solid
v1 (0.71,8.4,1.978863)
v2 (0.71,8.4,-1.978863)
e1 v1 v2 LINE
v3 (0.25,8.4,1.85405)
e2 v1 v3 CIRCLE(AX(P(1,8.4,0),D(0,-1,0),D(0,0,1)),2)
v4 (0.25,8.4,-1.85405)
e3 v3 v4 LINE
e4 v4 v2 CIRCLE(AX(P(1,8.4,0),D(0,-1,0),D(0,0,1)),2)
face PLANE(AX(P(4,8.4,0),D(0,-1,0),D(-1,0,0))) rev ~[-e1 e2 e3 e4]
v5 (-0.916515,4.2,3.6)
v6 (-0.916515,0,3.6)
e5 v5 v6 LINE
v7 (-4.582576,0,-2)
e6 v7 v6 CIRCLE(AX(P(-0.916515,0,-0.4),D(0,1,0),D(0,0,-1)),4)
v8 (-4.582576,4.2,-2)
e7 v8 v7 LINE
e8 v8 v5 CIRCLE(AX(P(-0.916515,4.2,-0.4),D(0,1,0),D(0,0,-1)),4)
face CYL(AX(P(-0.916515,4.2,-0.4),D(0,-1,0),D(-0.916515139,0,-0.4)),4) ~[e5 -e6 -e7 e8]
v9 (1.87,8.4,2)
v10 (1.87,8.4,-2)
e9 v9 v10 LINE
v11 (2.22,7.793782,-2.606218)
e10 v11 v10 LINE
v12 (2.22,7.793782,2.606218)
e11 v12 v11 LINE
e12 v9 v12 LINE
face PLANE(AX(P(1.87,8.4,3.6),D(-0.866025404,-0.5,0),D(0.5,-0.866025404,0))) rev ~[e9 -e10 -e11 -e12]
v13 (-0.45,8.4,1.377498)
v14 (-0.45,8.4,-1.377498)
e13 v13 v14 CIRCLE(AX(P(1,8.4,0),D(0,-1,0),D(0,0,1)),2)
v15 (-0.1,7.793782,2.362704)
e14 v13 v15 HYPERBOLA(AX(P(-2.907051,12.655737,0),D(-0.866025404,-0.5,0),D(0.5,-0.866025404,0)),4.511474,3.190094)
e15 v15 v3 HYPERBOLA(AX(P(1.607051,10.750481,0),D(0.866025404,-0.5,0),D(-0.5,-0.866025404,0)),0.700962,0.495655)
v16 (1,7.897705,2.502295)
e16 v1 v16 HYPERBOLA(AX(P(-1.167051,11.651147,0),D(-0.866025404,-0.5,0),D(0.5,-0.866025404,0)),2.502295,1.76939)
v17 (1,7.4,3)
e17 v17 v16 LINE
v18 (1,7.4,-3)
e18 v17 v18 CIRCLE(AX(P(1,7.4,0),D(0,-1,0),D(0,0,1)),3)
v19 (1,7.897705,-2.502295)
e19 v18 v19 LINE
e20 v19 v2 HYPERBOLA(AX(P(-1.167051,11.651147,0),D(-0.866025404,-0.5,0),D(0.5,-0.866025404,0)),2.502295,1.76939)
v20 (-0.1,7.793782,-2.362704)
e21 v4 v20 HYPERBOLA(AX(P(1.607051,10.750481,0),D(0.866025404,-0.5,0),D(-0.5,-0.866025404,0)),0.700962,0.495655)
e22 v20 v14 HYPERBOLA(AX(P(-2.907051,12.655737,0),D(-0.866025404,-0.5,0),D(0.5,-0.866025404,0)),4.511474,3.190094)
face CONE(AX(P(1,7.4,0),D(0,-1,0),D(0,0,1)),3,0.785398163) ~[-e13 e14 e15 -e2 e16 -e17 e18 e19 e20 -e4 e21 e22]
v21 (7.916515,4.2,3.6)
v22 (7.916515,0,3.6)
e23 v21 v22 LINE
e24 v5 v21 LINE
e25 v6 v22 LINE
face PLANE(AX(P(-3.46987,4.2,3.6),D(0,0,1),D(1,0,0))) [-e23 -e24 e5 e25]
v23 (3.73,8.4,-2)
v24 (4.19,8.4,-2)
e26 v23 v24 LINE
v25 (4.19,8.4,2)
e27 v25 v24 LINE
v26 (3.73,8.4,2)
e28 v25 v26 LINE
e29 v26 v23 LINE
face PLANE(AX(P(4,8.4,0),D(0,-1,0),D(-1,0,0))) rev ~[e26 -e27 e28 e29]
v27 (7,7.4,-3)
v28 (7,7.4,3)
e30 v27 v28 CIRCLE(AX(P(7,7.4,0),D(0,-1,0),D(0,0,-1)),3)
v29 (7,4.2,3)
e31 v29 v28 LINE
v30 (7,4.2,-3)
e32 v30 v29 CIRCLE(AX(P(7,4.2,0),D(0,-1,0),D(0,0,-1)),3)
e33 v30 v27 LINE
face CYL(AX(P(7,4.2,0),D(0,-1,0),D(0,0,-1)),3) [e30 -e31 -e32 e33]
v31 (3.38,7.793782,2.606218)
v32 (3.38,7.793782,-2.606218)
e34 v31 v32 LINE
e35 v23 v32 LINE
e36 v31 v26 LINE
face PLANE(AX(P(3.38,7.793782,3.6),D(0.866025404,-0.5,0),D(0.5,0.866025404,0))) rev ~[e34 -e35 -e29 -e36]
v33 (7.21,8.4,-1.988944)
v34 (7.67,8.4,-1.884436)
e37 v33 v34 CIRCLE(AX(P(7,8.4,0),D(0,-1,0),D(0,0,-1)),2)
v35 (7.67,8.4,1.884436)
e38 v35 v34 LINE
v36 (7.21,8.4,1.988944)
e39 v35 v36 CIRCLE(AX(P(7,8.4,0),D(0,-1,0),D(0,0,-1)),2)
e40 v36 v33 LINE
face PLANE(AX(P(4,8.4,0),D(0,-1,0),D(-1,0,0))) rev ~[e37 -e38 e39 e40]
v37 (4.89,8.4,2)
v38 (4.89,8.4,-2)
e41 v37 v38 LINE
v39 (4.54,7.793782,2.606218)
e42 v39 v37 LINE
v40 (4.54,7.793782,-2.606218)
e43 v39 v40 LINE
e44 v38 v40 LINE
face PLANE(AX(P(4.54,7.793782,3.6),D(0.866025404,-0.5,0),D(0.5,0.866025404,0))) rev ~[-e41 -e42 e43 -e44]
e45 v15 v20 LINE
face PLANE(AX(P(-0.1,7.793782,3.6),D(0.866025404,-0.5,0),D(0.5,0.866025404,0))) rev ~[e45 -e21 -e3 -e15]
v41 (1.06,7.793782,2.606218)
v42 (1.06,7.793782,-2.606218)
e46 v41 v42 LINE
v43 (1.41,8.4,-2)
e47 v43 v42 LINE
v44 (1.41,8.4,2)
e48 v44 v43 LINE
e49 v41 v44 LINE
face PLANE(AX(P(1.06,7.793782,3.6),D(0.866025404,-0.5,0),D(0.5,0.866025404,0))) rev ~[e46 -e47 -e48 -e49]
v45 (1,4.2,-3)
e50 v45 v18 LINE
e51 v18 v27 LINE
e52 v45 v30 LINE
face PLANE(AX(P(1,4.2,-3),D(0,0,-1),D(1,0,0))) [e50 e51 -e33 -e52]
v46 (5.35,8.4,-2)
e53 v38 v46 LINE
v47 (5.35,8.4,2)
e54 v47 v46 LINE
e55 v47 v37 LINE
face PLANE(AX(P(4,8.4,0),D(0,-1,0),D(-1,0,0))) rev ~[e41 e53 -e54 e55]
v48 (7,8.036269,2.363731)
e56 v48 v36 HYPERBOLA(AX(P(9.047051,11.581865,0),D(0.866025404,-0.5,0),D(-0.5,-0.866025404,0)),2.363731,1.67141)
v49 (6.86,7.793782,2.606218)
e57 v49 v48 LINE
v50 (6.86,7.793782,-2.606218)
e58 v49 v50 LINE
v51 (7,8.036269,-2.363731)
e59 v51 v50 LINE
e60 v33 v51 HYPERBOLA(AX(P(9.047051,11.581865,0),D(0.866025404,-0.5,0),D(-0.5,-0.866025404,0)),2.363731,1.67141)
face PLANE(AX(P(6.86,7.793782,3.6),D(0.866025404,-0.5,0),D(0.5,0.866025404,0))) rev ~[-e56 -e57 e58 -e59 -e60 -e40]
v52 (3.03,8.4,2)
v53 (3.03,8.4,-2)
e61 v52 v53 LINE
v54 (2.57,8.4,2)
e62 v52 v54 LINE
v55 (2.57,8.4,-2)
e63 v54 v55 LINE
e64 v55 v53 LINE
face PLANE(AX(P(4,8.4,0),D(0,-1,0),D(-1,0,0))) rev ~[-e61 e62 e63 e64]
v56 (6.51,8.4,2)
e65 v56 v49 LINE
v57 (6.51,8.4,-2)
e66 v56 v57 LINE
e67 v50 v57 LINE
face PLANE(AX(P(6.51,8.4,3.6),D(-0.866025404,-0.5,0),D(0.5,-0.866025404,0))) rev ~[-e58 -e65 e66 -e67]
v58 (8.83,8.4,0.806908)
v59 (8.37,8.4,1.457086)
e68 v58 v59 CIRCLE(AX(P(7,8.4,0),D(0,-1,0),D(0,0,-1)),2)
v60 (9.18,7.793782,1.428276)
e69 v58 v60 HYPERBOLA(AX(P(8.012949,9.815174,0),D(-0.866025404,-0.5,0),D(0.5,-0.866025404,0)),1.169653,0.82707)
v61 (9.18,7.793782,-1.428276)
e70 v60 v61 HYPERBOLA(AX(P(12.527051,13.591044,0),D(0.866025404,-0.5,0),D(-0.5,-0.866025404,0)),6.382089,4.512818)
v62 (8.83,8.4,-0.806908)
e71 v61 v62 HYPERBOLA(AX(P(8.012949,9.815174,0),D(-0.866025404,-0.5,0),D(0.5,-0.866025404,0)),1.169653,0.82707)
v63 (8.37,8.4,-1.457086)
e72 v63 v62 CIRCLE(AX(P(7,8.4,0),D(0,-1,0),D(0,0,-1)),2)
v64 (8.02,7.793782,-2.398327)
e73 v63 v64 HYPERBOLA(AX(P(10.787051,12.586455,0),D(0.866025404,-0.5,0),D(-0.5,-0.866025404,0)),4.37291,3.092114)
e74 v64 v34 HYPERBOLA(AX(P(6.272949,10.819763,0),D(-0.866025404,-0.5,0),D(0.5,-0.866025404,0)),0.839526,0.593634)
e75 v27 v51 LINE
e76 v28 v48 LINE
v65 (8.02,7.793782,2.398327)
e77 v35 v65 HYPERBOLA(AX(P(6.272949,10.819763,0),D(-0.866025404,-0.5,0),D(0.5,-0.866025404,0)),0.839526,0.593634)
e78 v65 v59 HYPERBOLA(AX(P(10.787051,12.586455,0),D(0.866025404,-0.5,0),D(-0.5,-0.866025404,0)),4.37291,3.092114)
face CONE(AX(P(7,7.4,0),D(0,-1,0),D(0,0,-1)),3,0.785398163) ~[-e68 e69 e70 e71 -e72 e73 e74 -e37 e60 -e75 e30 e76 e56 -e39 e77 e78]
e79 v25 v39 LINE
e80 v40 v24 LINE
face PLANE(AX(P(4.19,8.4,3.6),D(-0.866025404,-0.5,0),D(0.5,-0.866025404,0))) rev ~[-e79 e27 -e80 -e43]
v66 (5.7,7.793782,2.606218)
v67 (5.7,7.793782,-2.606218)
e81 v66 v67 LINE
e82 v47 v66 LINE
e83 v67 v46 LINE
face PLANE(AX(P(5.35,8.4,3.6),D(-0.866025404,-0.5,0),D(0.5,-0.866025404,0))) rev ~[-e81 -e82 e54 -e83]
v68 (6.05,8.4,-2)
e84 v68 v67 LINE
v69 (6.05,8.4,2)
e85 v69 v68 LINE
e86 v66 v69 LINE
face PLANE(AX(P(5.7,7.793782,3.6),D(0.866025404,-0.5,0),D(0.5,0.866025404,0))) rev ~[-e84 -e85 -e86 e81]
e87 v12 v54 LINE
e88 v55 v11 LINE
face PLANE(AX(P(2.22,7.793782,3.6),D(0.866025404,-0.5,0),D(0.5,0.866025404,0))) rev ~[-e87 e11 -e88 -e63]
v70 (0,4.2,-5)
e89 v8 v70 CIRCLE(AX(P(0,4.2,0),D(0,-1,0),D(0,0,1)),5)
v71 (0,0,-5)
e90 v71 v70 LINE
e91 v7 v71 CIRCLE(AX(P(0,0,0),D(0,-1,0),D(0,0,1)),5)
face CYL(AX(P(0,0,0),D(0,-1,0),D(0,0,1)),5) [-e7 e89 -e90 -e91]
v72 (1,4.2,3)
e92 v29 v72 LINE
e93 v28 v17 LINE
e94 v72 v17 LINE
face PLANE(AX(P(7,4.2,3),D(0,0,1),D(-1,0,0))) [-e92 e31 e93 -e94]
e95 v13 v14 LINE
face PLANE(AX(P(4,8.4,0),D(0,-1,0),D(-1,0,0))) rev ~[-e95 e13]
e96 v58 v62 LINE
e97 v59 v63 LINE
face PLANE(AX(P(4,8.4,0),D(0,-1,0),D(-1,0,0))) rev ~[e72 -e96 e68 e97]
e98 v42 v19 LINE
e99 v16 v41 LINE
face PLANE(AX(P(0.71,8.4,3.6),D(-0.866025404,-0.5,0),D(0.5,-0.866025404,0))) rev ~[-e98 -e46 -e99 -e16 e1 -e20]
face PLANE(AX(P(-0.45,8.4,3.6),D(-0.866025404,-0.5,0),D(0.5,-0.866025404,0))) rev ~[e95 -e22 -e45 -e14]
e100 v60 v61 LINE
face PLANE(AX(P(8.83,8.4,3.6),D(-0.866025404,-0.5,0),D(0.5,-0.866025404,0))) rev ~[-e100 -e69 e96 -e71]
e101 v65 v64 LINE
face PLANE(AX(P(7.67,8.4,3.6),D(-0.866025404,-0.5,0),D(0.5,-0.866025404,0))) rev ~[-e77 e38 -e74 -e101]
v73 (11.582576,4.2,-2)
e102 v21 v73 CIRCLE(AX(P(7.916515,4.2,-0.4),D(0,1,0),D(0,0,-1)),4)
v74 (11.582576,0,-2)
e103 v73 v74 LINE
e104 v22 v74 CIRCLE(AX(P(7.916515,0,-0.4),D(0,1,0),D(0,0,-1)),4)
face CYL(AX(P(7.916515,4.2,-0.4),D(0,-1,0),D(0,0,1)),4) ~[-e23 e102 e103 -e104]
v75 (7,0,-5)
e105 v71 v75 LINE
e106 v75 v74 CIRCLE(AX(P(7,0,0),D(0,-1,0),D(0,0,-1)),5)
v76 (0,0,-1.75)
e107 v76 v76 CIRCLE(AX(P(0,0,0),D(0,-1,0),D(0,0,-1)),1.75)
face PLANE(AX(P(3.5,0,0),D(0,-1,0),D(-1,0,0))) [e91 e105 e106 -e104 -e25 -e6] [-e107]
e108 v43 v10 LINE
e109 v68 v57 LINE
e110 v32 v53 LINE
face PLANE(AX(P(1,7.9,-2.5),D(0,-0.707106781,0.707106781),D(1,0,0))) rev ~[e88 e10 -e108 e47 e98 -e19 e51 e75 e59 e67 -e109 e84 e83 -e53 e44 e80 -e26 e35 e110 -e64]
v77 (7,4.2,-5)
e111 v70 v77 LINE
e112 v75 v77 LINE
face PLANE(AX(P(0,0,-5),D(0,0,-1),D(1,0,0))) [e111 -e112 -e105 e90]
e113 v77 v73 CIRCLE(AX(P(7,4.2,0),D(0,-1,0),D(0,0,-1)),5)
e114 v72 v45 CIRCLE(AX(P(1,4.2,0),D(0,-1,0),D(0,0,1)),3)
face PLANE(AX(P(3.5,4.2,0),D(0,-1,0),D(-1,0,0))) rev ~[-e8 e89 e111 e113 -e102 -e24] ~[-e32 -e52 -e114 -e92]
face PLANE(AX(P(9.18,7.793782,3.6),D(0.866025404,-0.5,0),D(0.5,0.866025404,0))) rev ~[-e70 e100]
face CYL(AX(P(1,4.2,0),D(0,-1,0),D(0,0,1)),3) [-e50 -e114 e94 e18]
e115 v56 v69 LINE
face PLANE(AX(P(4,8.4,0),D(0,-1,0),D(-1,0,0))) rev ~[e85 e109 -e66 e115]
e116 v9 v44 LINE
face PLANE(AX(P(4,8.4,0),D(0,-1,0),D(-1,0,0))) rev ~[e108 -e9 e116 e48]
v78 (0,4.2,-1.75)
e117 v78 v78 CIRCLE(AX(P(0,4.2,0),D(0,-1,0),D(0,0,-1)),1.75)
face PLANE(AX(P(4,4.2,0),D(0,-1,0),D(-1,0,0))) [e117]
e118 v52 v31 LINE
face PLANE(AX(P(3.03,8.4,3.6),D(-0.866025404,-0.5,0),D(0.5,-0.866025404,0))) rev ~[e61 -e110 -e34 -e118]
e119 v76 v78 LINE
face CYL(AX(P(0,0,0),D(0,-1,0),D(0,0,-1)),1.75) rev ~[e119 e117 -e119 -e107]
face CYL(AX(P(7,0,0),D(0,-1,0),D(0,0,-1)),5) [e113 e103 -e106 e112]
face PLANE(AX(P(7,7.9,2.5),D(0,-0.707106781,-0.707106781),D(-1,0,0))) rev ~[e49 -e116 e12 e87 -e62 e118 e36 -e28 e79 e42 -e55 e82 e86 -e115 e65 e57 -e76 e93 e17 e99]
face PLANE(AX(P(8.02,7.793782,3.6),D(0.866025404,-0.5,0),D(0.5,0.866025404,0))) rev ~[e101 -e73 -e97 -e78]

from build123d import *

# Parameters (mm, degrees)
EXTRUDE_1_DEPTH     = 4.2
CUT_EXTRUDE_1_REACH = 15.662
SKETCH_3_R          = 1.75
EXTRUDE_2_DEPTH     = 4.2
CHAMFER_1_SIZE      = 1
CUT_EXTRUDE_2_REACH = 15.662
SKETCH_5_W          = 13.93974063
SKETCH_5_H          = 1.4
FILLET_1_R          = 4
CUT_EXTRUDE_3_REACH = 18.927


with BuildPart() as part:
    # 草图1 → 凸台-拉伸1 (new body)
    with BuildSketch(Plane(origin=(0, 0, 0), x_dir=(1, 0, 0), z_dir=(0, 1, 0))):
        with BuildLine():
            Line((0, 5), (7, 5))
            ThreePointArc((7, 5), (12, 0), (7, -5))
            Line((7, -5), (0, -5))
            ThreePointArc((0, -5), (-5, 0), (0, 5))
        make_face()
    extrude(amount=EXTRUDE_1_DEPTH)

    # 草图3 → 切除-拉伸1 (cut, up to next)
    with BuildSketch(Plane.XZ, mode=Mode.PRIVATE) as cut_extrude_1_sk1:
        with Locations(Location((0, 0, 0), (0, 0, 270))):
            Circle(SKETCH_3_R)
    cut_extrude_1_tool1 = extrude(cut_extrude_1_sk1.sketch, amount=-CUT_EXTRUDE_1_REACH, mode=Mode.PRIVATE) & part.part
    add(cut_extrude_1_tool1.solids().sort_by_distance((0, 0, 0))[0], mode=Mode.SUBTRACT)

    # 草图4 → 凸台-拉伸2 (add)
    with BuildSketch(Plane(origin=(0, 4.2, 0), x_dir=(1, 0, 0), z_dir=(0, 1, 0))):
        with BuildLine():
            Line((1, 3), (7, 3))
            ThreePointArc((7, 3), (10, 0), (7, -3))
            Line((7, -3), (1, -3))
            ThreePointArc((1, -3), (-2, 0), (1, 3))
        make_face()
    extrude(amount=EXTRUDE_2_DEPTH)

    # 倒角1
    chamfer_1_edges = [part.edges().sort_by_distance(p)[0] for p in [
        (-2, 8.4, 0),
        (4, 8.4, 3),
        (10, 8.4, 0),
        (4, 8.4, -3),
    ]]
    chamfer(chamfer_1_edges, length=CHAMFER_1_SIZE)

    # 草图5 → 切除-拉伸2 (cut, up to next)
    with BuildSketch(Plane(origin=(0, 4.2, 0), x_dir=(1, 0, 0), z_dir=(0, 1, 0)), mode=Mode.PRIVATE) as cut_extrude_2_sk1:
        with Locations((3.5, -4.3)):
            Rectangle(SKETCH_5_W, SKETCH_5_H)
    cut_extrude_2_tool1 = extrude(cut_extrude_2_sk1.sketch, amount=-CUT_EXTRUDE_2_REACH, mode=Mode.PRIVATE) & part.part
    add(cut_extrude_2_tool1.solids().sort_by_distance((3.5, 4.2, 4.3))[0], mode=Mode.SUBTRACT)

    # 圆角1
    fillet_1_edges = [part.edges().sort_by_distance(p)[0] for p in [
        (-3.469870315, 2.1, 3.6),
        (10.469870315, 2.1, 3.6),
    ]]
    fillet(fillet_1_edges, radius=FILLET_1_R)

    # 草图6 → 切除-拉伸3 (cut, up to next)
    with BuildSketch(Plane.XY.offset(3.6), mode=Mode.PRIVATE) as cut_extrude_3_sk1:
        Polygon((-0.45, 8.4), (-0.1, 7.793782217), (0.25, 8.4), align=None)
    cut_extrude_3_tool1 = extrude(cut_extrude_3_sk1.sketch, amount=-CUT_EXTRUDE_3_REACH, mode=Mode.PRIVATE) & part.part
    # 草图6 → 切除-拉伸3 (cut, up to next)
    with BuildSketch(Plane.XY.offset(3.6), mode=Mode.PRIVATE) as cut_extrude_3_sk2:
        Polygon((1.41, 8.4), (0.71, 8.4), (1.06, 7.793782217), align=None)
    cut_extrude_3_tool2 = extrude(cut_extrude_3_sk2.sketch, amount=-CUT_EXTRUDE_3_REACH, mode=Mode.PRIVATE) & part.part
    # 草图6 → 切除-拉伸3 (cut, up to next)
    with BuildSketch(Plane.XY.offset(3.6), mode=Mode.PRIVATE) as cut_extrude_3_sk3:
        Polygon((2.57, 8.4), (1.87, 8.4), (2.22, 7.793782217), align=None)
    cut_extrude_3_tool3 = extrude(cut_extrude_3_sk3.sketch, amount=-CUT_EXTRUDE_3_REACH, mode=Mode.PRIVATE) & part.part
    # 草图6 → 切除-拉伸3 (cut, up to next)
    with BuildSketch(Plane.XY.offset(3.6), mode=Mode.PRIVATE) as cut_extrude_3_sk4:
        Polygon((3.73, 8.4), (3.03, 8.4), (3.38, 7.793782217), align=None)
    cut_extrude_3_tool4 = extrude(cut_extrude_3_sk4.sketch, amount=-CUT_EXTRUDE_3_REACH, mode=Mode.PRIVATE) & part.part
    # 草图6 → 切除-拉伸3 (cut, up to next)
    with BuildSketch(Plane.XY.offset(3.6), mode=Mode.PRIVATE) as cut_extrude_3_sk5:
        Polygon((4.89, 8.4), (4.19, 8.4), (4.54, 7.793782217), align=None)
    cut_extrude_3_tool5 = extrude(cut_extrude_3_sk5.sketch, amount=-CUT_EXTRUDE_3_REACH, mode=Mode.PRIVATE) & part.part
    # 草图6 → 切除-拉伸3 (cut, up to next)
    with BuildSketch(Plane.XY.offset(3.6), mode=Mode.PRIVATE) as cut_extrude_3_sk6:
        Polygon((6.05, 8.4), (5.35, 8.4), (5.7, 7.793782217), align=None)
    cut_extrude_3_tool6 = extrude(cut_extrude_3_sk6.sketch, amount=-CUT_EXTRUDE_3_REACH, mode=Mode.PRIVATE) & part.part
    # 草图6 → 切除-拉伸3 (cut, up to next)
    with BuildSketch(Plane.XY.offset(3.6), mode=Mode.PRIVATE) as cut_extrude_3_sk7:
        Polygon((7.21, 8.4), (6.51, 8.4), (6.86, 7.793782217), align=None)
    cut_extrude_3_tool7 = extrude(cut_extrude_3_sk7.sketch, amount=-CUT_EXTRUDE_3_REACH, mode=Mode.PRIVATE) & part.part
    # 草图6 → 切除-拉伸3 (cut, up to next)
    with BuildSketch(Plane.XY.offset(3.6), mode=Mode.PRIVATE) as cut_extrude_3_sk8:
        Polygon((8.37, 8.4), (7.67, 8.4), (8.02, 7.793782217), align=None)
    cut_extrude_3_tool8 = extrude(cut_extrude_3_sk8.sketch, amount=-CUT_EXTRUDE_3_REACH, mode=Mode.PRIVATE) & part.part
    # 草图6 → 切除-拉伸3 (cut, up to next)
    with BuildSketch(Plane.XY.offset(3.6), mode=Mode.PRIVATE) as cut_extrude_3_sk9:
        Polygon((9.53, 8.4), (8.83, 8.4), (9.18, 7.793782217), align=None)
    cut_extrude_3_tool9 = extrude(cut_extrude_3_sk9.sketch, amount=-CUT_EXTRUDE_3_REACH, mode=Mode.PRIVATE) & part.part
    add(cut_extrude_3_tool1.solids().sort_by_distance((-0.1, 8.197927, 3.6))[0], mode=Mode.SUBTRACT)
    add(cut_extrude_3_tool2.solids().sort_by_distance((1.06, 8.197927, 3.6))[0], mode=Mode.SUBTRACT)
    add(cut_extrude_3_tool3.solids().sort_by_distance((2.22, 8.197927, 3.6))[0], mode=Mode.SUBTRACT)
    add(cut_extrude_3_tool4.solids().sort_by_distance((3.38, 8.197927, 3.6))[0], mode=Mode.SUBTRACT)
    add(cut_extrude_3_tool5.solids().sort_by_distance((4.54, 8.197927, 3.6))[0], mode=Mode.SUBTRACT)
    add(cut_extrude_3_tool6.solids().sort_by_distance((5.7, 8.197927, 3.6))[0], mode=Mode.SUBTRACT)
    add(cut_extrude_3_tool7.solids().sort_by_distance((6.86, 8.197927, 3.6))[0], mode=Mode.SUBTRACT)
    add(cut_extrude_3_tool8.solids().sort_by_distance((8.02, 8.197927, 3.6))[0], mode=Mode.SUBTRACT)
    add(cut_extrude_3_tool9.solids().sort_by_distance((9.18, 8.197927, 3.6))[0], mode=Mode.SUBTRACT)


solid = part.part
